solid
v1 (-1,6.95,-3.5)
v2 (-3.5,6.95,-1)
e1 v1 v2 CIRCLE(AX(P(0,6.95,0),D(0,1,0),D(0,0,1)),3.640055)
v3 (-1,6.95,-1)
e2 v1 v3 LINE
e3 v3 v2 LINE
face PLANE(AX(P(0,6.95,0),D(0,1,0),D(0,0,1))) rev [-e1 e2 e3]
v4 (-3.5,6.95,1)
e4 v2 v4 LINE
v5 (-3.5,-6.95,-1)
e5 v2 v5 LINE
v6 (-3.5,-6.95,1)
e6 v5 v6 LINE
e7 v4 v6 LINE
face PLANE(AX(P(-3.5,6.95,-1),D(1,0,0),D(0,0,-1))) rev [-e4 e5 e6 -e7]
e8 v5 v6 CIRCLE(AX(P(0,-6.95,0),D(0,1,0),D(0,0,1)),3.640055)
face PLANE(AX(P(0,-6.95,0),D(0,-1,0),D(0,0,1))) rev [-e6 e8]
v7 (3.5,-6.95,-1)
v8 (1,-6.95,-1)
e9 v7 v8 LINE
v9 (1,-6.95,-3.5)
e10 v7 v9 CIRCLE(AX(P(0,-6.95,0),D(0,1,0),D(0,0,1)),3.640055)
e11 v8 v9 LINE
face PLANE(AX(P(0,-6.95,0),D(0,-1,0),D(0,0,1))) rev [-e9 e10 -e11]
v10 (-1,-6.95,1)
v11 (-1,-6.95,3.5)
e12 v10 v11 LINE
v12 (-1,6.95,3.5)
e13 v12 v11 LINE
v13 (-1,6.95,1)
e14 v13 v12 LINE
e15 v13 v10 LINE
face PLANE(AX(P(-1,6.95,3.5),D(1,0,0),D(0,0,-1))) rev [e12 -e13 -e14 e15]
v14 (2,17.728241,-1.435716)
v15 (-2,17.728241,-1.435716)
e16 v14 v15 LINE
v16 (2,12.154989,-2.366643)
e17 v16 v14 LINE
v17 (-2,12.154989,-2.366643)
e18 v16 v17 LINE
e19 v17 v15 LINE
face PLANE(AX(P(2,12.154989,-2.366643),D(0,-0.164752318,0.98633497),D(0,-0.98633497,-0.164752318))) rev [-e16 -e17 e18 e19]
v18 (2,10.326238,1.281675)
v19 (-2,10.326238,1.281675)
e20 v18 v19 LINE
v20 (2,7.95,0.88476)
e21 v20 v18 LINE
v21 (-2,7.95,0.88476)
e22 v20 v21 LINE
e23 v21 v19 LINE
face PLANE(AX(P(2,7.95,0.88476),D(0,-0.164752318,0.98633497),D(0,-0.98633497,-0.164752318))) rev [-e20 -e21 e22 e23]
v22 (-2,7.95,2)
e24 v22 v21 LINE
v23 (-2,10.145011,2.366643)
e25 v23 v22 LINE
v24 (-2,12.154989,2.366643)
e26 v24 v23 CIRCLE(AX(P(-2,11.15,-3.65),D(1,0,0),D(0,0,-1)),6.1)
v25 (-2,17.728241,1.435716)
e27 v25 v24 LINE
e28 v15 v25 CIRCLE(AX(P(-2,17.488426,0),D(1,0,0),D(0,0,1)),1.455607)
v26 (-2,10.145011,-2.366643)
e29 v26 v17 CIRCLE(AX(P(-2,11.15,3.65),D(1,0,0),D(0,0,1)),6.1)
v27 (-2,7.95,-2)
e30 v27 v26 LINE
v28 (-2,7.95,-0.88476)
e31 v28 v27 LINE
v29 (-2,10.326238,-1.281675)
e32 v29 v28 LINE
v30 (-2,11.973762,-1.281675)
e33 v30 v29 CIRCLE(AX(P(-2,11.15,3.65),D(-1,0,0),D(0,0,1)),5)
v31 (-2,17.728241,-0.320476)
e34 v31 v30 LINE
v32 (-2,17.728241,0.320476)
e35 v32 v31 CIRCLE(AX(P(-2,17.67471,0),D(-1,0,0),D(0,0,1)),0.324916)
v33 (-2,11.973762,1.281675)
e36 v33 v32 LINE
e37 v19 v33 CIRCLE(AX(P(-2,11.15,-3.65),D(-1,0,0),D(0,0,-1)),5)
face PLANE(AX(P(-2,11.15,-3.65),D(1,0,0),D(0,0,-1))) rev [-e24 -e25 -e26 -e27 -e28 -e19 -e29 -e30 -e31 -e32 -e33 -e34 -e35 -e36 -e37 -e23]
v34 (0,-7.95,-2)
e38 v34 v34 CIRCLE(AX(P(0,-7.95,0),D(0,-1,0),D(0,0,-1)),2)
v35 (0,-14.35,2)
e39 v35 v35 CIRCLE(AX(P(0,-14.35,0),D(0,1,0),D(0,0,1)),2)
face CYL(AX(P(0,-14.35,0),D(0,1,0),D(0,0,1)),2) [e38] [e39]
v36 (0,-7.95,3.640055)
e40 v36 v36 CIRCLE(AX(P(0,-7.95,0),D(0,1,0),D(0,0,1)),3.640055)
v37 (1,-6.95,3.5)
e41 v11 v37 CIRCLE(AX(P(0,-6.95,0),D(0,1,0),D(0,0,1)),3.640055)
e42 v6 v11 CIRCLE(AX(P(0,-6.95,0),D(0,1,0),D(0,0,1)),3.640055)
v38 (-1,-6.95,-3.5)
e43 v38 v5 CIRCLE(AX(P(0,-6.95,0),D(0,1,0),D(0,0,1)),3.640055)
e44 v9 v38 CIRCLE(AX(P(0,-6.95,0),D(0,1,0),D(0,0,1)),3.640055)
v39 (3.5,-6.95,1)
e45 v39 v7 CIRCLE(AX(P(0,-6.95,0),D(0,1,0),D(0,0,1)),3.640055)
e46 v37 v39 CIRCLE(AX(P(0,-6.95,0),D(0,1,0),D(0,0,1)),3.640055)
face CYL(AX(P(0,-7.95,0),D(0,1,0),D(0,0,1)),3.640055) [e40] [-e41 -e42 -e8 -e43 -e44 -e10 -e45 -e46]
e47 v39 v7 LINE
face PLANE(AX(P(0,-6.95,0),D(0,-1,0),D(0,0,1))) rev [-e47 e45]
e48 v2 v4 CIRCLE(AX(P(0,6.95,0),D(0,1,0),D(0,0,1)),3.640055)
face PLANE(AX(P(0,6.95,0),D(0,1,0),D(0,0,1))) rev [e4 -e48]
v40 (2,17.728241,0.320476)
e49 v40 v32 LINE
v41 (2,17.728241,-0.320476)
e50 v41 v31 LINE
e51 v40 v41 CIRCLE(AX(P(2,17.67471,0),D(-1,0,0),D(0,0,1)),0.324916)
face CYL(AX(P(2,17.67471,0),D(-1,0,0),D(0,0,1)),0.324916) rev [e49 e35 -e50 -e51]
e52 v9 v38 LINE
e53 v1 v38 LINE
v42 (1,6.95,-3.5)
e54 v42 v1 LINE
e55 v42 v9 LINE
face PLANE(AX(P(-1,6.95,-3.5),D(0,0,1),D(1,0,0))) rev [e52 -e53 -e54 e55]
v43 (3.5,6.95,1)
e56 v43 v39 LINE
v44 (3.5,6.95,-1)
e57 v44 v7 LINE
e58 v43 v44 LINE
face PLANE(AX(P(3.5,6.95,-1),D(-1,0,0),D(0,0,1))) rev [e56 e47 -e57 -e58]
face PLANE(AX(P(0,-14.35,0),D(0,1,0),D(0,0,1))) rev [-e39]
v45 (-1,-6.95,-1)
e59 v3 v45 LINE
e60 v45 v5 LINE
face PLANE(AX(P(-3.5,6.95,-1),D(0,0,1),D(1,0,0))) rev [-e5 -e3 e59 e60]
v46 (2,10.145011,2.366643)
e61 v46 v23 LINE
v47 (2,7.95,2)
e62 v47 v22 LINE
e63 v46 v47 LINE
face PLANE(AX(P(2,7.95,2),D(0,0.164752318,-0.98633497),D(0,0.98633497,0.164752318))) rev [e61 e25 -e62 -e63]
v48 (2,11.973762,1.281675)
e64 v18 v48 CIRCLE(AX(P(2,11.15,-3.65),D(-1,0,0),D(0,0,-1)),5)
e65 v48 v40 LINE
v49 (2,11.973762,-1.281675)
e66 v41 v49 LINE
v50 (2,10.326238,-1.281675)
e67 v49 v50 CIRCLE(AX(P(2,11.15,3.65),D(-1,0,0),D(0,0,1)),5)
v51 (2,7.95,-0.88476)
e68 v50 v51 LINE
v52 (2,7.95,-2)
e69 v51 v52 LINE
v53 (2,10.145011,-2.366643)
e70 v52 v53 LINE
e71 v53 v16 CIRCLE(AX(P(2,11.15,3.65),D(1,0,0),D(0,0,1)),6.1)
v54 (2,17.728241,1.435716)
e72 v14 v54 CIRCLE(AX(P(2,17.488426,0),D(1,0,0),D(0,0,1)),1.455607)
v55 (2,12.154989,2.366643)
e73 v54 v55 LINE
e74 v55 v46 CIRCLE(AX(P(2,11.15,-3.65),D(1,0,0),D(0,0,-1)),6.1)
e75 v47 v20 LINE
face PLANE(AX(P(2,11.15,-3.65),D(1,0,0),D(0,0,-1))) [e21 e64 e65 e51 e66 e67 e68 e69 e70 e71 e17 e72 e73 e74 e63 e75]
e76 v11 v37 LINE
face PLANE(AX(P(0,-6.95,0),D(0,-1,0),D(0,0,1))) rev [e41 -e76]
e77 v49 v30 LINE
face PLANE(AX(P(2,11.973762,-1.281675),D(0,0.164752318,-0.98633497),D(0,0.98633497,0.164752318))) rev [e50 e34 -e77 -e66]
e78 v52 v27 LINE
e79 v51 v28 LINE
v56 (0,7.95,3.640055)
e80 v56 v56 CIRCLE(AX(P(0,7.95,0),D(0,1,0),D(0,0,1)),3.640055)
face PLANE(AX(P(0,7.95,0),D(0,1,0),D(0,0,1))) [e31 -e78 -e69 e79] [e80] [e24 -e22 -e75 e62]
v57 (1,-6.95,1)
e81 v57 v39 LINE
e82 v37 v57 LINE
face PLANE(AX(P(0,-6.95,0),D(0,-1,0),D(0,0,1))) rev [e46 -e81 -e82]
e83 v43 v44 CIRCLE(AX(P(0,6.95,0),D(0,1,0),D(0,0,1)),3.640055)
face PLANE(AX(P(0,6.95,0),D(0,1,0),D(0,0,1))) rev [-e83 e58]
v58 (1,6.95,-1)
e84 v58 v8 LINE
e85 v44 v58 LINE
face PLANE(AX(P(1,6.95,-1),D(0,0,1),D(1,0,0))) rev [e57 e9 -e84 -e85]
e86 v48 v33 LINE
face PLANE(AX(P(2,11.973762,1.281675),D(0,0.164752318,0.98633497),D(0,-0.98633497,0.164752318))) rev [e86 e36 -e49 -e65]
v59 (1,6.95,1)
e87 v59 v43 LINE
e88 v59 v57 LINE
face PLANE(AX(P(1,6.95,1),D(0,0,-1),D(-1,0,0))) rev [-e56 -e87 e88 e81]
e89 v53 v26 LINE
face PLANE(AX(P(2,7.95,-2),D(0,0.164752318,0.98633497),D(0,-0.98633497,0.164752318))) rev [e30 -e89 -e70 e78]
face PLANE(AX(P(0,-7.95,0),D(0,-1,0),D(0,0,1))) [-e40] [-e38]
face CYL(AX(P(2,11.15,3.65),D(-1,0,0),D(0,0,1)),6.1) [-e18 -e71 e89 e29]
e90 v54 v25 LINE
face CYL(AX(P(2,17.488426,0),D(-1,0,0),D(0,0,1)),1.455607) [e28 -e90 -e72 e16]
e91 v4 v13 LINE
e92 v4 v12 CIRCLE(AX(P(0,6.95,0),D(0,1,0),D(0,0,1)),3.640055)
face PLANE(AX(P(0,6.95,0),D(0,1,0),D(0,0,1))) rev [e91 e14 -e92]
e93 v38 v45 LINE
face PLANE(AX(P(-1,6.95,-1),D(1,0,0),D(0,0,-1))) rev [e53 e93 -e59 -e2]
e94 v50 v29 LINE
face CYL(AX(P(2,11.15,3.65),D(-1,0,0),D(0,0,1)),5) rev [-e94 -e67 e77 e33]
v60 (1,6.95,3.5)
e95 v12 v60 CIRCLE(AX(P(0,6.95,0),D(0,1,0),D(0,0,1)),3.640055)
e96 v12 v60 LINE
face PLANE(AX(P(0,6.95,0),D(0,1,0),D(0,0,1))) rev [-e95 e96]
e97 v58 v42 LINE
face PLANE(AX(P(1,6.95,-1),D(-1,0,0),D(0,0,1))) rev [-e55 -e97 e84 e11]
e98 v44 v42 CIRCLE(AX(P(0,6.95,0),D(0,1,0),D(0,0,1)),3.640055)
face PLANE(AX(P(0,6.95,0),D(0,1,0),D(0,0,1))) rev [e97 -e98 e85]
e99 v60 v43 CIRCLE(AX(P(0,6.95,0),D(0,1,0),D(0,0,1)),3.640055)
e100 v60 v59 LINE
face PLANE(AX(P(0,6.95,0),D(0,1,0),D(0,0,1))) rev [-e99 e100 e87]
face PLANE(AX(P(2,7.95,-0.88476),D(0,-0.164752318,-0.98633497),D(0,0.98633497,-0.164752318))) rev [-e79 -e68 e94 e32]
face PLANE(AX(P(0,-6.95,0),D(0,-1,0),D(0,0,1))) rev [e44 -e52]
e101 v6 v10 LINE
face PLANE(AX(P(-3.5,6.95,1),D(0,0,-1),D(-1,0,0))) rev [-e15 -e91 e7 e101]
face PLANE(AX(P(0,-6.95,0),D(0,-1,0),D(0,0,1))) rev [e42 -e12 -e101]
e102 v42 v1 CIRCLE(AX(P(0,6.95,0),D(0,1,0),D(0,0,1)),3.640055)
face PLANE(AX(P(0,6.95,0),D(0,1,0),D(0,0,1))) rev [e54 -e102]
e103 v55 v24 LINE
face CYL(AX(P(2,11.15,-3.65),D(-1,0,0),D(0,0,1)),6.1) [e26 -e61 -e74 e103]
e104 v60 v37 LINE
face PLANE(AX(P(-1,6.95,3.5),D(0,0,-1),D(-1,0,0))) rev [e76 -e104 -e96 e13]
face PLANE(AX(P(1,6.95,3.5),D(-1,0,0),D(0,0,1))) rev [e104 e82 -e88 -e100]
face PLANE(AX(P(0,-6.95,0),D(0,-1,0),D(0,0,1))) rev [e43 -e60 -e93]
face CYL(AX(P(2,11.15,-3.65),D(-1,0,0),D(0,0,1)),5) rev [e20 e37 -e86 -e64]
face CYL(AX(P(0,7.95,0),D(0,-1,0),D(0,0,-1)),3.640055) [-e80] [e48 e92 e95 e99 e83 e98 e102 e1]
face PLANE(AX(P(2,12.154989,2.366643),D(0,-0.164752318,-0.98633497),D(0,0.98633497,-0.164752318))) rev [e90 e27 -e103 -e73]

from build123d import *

# Parameters (mm, degrees)
BOSS_EXTRUDE1_DEPTH = 6.95
SKETCH2_R           = 3.640054945
BOSS_EXTRUDE2_DEPTH = 1
SKETCH3_R           = 2
BOSS_EXTRUDE4_DEPTH = 6.4
BOSS_EXTRUDE5_DEPTH = 2


with BuildPart() as part:
    # Sketch1 → Boss-Extrude1 (new, symmetric)
    with BuildSketch(Plane(origin=(0, 0, 0), x_dir=(1, 0, 0), z_dir=(0, 1, 0))):
        Polygon((-1, -3.5), (1, -3.5), (1, -1), (3.5, -1), (3.5, 1), (1, 1), (1, 3.5), (-1, 3.5), (-1, 1), (-3.5, 1), (-3.5, -1), (-1, -1), align=None)
    extrude(amount=BOSS_EXTRUDE1_DEPTH, both=True)

    # Sketch2 → Boss-Extrude2 (add)
    with BuildSketch(Plane(origin=(0, 6.95, 0), x_dir=(1, 0, 0), z_dir=(0, 1, 0))):
        with Locations(Location((0, 0, 0), (0, 0, 74.054604099))):
            Circle(SKETCH2_R)
    boss_extrude2 = extrude(amount=BOSS_EXTRUDE2_DEPTH)

    # Mirror1: Boss-Extrude2 across plane
    add(boss_extrude2.mirror(Plane.ZX))

    # Sketch3 → Boss-Extrude4 (add)
    with BuildSketch(Plane(origin=(0, -7.95, 0), x_dir=(1, 0, 0), z_dir=(0, 1, 0))):
        with Locations(Location((0, 0, 0), (0, 0, 270))):
            Circle(SKETCH3_R)
    extrude(amount=-BOSS_EXTRUDE4_DEPTH)

    # Sketch6 → Boss-Extrude5 (add, symmetric)
    with BuildSketch(Plane(origin=(0, 0, 0), x_dir=(0, 0, -1), z_dir=(1, 0, 0))):
        with BuildLine():
            Line((-2, 7.95), (-2.366643319, 10.14501086))
            ThreePointArc((-2.366643319, 10.14501086), (-2.45, 11.15), (-2.366643319, 12.15498914))
            Line((-2.366643319, 12.15498914), (-1.435716028, 17.728240876))
            ThreePointArc((-1.435716028, 17.728240876), (0, 18.944033198), (1.435716028, 17.728240876))
            Line((1.435716028, 17.728240876), (2.366643319, 12.15498914))
            ThreePointArc((2.366643319, 12.15498914), (2.45, 11.15), (2.366643319, 10.14501086))
            Line((2.366643319, 10.14501086), (2, 7.95))
            Line((2, 7.95), (0.884760215, 7.95))
            Line((0.884760215, 7.95), (1.281674852, 10.32623841))
            ThreePointArc((1.281674852, 10.32623841), (1.35, 11.15), (1.281674852, 11.97376159))
            Line((1.281674852, 11.97376159), (0.320476243, 17.728240876))
            ThreePointArc((0.320476243, 17.728240876), (0, 17.999626406), (-0.320476243, 17.728240876))
            Line((-0.320476243, 17.728240876), (-1.281674852, 11.97376159))
            ThreePointArc((-1.281674852, 11.97376159), (-1.35, 11.15), (-1.281674852, 10.32623841))
            Line((-1.281674852, 10.32623841), (-0.884760215, 7.95))
            Line((-0.884760215, 7.95), (-2, 7.95))
        make_face()
    extrude(amount=BOSS_EXTRUDE5_DEPTH, both=True)


solid = part.part
